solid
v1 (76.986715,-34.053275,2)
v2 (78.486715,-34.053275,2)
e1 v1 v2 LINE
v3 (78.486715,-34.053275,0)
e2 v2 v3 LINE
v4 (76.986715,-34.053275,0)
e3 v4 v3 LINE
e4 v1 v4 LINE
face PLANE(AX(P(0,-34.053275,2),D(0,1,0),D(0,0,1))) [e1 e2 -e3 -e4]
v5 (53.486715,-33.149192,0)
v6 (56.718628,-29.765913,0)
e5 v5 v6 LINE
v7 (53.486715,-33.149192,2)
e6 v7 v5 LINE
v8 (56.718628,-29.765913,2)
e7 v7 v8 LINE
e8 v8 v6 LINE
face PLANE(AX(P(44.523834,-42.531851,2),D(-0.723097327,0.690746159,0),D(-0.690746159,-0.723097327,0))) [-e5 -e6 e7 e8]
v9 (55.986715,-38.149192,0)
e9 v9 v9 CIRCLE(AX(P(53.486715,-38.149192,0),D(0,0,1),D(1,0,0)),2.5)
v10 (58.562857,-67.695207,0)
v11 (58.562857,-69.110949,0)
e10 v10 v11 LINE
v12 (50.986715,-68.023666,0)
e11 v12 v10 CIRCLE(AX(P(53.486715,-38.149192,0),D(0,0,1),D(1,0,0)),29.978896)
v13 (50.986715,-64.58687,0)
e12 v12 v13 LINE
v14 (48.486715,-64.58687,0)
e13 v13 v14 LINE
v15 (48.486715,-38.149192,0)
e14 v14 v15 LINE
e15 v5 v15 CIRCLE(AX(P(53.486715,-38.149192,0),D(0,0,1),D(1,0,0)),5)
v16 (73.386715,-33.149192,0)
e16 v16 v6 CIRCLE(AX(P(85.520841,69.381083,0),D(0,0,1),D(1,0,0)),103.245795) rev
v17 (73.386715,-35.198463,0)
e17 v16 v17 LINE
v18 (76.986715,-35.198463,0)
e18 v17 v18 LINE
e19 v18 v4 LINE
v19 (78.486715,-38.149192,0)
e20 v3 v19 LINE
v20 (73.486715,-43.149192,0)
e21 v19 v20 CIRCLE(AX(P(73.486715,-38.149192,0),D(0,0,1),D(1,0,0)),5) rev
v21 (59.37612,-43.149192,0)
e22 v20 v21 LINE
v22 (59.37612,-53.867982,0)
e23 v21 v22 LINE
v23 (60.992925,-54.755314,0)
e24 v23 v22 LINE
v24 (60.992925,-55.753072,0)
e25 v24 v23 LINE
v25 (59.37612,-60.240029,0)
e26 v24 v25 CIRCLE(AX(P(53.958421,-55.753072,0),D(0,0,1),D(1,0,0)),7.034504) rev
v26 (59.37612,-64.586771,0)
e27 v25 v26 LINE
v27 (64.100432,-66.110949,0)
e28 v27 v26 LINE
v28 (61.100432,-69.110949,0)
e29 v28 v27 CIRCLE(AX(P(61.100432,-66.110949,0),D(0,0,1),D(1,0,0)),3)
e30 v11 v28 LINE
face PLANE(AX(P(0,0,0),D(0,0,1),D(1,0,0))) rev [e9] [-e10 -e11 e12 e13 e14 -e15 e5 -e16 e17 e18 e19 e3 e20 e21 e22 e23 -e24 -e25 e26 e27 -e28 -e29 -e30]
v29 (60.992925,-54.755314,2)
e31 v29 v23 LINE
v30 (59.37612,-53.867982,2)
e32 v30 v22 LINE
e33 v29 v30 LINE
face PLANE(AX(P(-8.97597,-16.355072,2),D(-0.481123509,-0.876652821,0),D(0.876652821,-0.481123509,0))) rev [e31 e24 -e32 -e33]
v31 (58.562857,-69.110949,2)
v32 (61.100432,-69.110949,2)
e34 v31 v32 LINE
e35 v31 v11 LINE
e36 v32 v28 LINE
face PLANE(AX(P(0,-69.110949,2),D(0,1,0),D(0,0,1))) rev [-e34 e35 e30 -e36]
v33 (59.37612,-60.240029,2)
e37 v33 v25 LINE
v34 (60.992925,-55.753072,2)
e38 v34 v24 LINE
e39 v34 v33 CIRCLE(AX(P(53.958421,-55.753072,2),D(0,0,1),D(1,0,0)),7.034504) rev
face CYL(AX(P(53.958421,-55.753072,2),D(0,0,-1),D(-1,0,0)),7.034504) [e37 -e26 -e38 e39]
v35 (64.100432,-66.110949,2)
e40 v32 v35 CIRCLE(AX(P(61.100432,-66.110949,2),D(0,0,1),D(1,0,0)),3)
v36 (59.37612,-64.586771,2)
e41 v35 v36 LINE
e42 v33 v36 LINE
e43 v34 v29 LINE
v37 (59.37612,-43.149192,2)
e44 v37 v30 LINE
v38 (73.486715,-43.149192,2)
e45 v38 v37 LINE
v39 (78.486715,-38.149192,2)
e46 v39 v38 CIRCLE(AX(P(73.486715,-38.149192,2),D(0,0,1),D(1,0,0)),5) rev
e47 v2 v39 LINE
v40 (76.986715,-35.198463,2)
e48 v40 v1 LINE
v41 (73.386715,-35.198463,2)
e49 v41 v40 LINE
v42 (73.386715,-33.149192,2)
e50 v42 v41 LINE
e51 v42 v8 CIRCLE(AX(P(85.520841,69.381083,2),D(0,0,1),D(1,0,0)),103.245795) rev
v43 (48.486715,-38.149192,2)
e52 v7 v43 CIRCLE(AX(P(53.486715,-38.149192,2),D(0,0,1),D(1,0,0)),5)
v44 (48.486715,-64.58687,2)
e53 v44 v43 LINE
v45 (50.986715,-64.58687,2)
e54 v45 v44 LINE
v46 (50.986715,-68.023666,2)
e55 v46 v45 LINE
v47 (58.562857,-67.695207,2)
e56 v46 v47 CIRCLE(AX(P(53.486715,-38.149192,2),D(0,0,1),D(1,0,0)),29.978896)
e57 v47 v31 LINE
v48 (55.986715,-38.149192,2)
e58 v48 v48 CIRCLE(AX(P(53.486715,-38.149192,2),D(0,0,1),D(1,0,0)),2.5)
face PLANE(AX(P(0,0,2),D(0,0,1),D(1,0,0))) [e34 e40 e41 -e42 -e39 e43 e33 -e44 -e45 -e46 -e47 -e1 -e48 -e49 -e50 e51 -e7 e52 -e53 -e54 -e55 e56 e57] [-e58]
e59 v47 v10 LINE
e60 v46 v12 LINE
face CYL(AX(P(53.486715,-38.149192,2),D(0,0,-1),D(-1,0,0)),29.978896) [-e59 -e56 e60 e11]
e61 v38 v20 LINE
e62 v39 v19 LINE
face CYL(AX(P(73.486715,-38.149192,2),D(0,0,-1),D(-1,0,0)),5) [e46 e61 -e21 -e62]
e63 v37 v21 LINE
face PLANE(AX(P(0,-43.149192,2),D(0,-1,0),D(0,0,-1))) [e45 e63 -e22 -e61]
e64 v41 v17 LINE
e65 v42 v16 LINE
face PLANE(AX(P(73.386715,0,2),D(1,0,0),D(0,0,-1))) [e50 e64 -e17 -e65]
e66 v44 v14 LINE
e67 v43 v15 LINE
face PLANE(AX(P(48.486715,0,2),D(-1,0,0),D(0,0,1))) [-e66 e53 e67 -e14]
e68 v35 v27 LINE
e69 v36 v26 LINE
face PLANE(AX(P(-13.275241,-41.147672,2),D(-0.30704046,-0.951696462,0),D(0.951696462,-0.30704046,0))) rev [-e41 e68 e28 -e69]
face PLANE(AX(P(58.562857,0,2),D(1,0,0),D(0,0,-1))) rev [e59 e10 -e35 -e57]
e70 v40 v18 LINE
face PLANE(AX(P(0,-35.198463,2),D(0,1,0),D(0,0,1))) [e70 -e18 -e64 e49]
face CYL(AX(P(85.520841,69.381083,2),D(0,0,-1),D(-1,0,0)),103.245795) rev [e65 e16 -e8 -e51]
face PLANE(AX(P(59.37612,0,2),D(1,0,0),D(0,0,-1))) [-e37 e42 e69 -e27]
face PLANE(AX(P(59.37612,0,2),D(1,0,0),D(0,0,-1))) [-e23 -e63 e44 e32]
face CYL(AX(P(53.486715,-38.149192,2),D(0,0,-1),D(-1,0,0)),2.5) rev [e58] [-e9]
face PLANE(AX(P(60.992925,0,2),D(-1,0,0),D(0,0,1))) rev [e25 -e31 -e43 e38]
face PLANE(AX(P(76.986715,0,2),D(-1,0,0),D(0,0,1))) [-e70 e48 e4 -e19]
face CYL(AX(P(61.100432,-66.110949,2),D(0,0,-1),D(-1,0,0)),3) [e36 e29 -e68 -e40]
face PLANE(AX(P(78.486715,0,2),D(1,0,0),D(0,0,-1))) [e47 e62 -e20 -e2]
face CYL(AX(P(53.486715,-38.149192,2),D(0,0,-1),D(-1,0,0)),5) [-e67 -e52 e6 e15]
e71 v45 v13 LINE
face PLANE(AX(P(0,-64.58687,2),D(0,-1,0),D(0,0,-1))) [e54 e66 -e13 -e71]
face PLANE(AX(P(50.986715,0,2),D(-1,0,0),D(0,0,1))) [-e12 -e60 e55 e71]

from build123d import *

# Parameters (mm, degrees)
SKETCH_1_R      = 2.5
EXTRUDE_1_DEPTH = 2


with BuildPart() as part:
    # 스케치1 → 보스-돌출1 (new body)
    with BuildSketch(Plane.XY):
        with BuildLine():
            Line((58.562856649, -69.110949309), (61.100431709, -69.110949309))
            ThreePointArc((61.100431709, -69.110949309), (63.221752053, -68.232269653), (64.100431709, -66.110949309))
            Line((64.100431709, -66.110949309), (59.376120264, -64.586771365))
            Line((59.376120264, -64.586771365), (59.376120264, -60.240028533))
            ThreePointArc((59.376120264, -60.240028533), (60.576391584, -58.13775418), (60.992924776, -55.753072063))
            Line((60.992924776, -55.753072063), (60.992924776, -54.755314285))
            Line((60.992924776, -54.755314285), (59.376120264, -53.867981647))
            Line((59.376120264, -53.867981647), (59.376120264, -43.149191929))
            Line((59.376120264, -43.149191929), (73.486715323, -43.149191929))
            ThreePointArc((73.486715323, -43.149191929), (77.022249229, -41.684725835), (78.486715323, -38.149191929))
            Line((78.486715323, -38.149191929), (78.486715323, -34.05327534))
            Line((78.486715323, -34.05327534), (76.986715323, -34.05327534))
            Line((76.986715323, -34.05327534), (76.986715323, -35.198463464))
            Line((76.986715323, -35.198463464), (73.386715323, -35.198463464))
            Line((73.386715323, -35.198463464), (73.386715323, -33.149191929))
            ThreePointArc((73.386715323, -33.149191929), (64.982885636, -31.8013595), (56.718627509, -29.765912799))
            Line((56.718627509, -29.765912799), (53.486715323, -33.149191929))
            ThreePointArc((53.486715323, -33.149191929), (49.951181417, -34.613658023), (48.486715323, -38.149191929))
            Line((48.486715323, -38.149191929), (48.486715323, -64.586869755))
            Line((48.486715323, -64.586869755), (50.986715323, -64.586869755))
            Line((50.986715323, -64.586869755), (50.986715323, -68.023666262))
            ThreePointArc((50.986715323, -68.023666262), (54.785213458, -68.09995351), (58.562856649, -67.695206989))
            Line((58.562856649, -67.695206989), (58.562856649, -69.110949309))
        make_face()
        with Locations((53.486715323, -38.149191929)):
            Circle(SKETCH_1_R, mode=Mode.SUBTRACT)
    extrude(amount=EXTRUDE_1_DEPTH)


solid = part.part
